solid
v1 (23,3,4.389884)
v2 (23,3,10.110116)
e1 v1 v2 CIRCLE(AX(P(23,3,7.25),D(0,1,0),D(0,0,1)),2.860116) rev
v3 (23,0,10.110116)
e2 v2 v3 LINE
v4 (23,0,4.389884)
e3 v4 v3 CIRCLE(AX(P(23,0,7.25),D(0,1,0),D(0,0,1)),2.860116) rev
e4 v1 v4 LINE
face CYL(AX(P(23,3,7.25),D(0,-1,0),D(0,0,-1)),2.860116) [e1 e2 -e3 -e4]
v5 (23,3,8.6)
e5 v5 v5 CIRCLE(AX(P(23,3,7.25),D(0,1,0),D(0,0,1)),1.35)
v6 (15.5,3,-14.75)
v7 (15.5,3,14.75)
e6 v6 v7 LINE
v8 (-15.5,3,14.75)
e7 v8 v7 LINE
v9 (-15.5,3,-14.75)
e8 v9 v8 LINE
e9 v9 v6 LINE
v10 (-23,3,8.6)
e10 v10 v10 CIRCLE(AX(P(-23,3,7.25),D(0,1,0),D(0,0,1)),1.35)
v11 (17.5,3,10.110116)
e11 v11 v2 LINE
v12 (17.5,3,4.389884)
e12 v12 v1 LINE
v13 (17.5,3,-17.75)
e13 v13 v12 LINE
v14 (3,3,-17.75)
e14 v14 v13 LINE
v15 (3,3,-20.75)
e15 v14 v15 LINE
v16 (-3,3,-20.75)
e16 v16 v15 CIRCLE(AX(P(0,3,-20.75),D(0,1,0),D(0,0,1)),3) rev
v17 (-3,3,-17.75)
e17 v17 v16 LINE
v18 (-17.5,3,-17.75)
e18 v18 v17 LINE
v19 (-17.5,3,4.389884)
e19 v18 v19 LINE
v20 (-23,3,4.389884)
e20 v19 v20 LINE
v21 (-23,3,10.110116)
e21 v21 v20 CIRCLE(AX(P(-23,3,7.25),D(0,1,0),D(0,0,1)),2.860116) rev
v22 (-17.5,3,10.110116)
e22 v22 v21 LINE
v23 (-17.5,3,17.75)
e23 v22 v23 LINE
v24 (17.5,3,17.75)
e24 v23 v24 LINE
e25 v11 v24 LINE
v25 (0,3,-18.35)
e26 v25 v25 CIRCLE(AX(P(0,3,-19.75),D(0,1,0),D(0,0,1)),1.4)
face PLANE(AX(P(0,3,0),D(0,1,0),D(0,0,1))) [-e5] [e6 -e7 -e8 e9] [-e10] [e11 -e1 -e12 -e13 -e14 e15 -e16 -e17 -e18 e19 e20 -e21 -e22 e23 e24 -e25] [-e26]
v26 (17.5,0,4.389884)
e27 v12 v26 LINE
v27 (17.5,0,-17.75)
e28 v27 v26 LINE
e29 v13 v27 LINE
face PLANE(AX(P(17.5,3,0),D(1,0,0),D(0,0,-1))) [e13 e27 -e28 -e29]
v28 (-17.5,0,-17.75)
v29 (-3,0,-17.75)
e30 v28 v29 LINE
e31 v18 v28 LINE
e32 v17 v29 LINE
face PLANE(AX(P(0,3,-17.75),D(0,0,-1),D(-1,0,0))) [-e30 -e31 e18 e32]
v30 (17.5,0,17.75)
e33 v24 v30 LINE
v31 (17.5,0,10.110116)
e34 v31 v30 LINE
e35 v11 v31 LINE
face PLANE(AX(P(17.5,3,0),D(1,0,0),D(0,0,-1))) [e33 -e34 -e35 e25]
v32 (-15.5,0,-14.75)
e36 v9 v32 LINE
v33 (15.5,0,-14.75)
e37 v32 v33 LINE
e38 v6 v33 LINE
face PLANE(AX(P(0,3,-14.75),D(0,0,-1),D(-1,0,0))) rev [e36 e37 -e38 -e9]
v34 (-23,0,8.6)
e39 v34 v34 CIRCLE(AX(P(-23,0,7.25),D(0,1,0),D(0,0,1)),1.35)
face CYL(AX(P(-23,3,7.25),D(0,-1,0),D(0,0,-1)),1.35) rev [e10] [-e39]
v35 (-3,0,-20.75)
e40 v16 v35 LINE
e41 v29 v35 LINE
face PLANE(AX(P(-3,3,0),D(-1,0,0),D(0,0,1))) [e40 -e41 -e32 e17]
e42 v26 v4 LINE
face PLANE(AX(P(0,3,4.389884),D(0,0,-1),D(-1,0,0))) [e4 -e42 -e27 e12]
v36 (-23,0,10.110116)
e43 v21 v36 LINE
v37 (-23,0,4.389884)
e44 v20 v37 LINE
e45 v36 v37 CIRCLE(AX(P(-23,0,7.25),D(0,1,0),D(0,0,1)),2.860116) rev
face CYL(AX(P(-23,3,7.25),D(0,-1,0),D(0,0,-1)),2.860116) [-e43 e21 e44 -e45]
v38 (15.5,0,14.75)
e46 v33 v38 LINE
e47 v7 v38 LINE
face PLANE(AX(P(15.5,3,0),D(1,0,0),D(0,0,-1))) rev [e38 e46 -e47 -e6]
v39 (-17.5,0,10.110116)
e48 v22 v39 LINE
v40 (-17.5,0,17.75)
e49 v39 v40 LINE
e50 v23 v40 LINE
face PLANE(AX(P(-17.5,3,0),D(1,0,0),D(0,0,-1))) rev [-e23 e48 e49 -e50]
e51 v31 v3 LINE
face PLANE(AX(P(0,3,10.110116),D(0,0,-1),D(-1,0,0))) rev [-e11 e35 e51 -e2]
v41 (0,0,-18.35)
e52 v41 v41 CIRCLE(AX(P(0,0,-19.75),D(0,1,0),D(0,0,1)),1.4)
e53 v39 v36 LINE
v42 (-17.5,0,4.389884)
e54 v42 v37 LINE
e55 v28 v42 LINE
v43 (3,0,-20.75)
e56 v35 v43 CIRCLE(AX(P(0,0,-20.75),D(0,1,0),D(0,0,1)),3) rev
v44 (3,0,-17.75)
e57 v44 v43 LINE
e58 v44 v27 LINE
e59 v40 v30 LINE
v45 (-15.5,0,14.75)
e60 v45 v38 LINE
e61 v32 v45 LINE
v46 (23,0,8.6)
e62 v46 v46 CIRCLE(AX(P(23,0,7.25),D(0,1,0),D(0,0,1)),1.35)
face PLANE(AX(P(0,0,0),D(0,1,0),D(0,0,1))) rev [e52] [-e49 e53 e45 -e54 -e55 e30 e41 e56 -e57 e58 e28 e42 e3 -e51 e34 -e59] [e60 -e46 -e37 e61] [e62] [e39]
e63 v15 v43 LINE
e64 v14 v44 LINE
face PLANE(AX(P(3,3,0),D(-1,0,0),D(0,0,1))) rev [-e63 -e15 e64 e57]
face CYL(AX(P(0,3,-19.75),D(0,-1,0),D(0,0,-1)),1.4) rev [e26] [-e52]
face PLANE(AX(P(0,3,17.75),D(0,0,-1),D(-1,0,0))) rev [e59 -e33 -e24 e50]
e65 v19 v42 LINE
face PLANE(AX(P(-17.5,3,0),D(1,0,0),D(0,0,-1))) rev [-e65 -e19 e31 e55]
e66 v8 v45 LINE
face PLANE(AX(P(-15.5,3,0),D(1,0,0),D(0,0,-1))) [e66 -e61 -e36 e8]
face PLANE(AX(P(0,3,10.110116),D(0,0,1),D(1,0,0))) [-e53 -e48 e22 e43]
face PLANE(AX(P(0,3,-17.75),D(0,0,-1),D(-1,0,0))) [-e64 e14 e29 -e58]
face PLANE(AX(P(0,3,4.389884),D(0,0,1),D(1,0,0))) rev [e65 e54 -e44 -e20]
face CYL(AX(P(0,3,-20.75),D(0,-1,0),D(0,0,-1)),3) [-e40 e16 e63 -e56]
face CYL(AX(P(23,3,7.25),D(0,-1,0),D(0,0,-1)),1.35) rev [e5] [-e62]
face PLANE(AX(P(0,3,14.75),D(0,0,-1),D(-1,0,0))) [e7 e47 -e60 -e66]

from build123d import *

# Parameters (mm, degrees)
SKETCH1_R           = 1.35
SKETCH1_W           = 35
SKETCH1_H           = 35.5
SKETCH1_W_2         = 31
SKETCH1_H_2         = 29.5
SKETCH1_R_2         = 1.4
BOSS_EXTRUDE3_DEPTH = 3


with BuildPart() as part:
    # Sketch1 → Boss-Extrude3 (new body)
    # profile 1 of 4: a face of its own
    with BuildSketch(Plane(origin=(0, 0, 0), x_dir=(1, 0, 0), z_dir=(0, 1, 0))):
        with BuildLine():
            Line((-17.5, -10.110115741), (-17.5, -4.389884259))
            Line((-17.5, -4.389884259), (-23, -4.389884259))
            ThreePointArc((-23, -4.389884259), (-25.860115741, -7.25), (-23, -10.110115741))
            Line((-23, -10.110115741), (-17.5, -10.110115741))
        make_face()
        with Locations(Location((-23, -7.25, 0), (0, 0, 270))):
            Circle(SKETCH1_R, mode=Mode.SUBTRACT)
    # profile 2 of 4: a face of its own
    with BuildSketch(Plane(origin=(0, 0, 0), x_dir=(1, 0, 0), z_dir=(0, 1, 0))):
        Rectangle(SKETCH1_W, SKETCH1_H)
        Rectangle(SKETCH1_W_2, SKETCH1_H_2, mode=Mode.SUBTRACT)
    # profile 3 of 4: a face of its own
    with BuildSketch(Plane(origin=(0, 0, 0), x_dir=(1, 0, 0), z_dir=(0, 1, 0))):
        with BuildLine():
            Line((23, -4.389884259), (17.5, -4.389884259))
            Line((17.5, -4.389884259), (17.5, -10.110115741))
            Line((17.5, -10.110115741), (23, -10.110115741))
            ThreePointArc((23, -10.110115741), (25.860115741, -7.25), (23, -4.389884259))
        make_face()
        with Locations(Location((23, -7.25, 0), (0, 0, 270))):
            Circle(SKETCH1_R, mode=Mode.SUBTRACT)
    # profile 4 of 4: a face of its own
    with BuildSketch(Plane(origin=(0, 0, 0), x_dir=(1, 0, 0), z_dir=(0, 1, 0))):
        with BuildLine():
            Line((-3, 20.75), (-3, 17.75))
            Line((-3, 17.75), (3, 17.75))
            Line((3, 17.75), (3, 20.75))
            ThreePointArc((3, 20.75), (0, 23.75), (-3, 20.75))
        make_face()
        with Locations(Location((0, 19.75, 0), (0, 0, 270))):
            Circle(SKETCH1_R_2, mode=Mode.SUBTRACT)
    extrude(amount=BOSS_EXTRUDE3_DEPTH)


solid = part.part
